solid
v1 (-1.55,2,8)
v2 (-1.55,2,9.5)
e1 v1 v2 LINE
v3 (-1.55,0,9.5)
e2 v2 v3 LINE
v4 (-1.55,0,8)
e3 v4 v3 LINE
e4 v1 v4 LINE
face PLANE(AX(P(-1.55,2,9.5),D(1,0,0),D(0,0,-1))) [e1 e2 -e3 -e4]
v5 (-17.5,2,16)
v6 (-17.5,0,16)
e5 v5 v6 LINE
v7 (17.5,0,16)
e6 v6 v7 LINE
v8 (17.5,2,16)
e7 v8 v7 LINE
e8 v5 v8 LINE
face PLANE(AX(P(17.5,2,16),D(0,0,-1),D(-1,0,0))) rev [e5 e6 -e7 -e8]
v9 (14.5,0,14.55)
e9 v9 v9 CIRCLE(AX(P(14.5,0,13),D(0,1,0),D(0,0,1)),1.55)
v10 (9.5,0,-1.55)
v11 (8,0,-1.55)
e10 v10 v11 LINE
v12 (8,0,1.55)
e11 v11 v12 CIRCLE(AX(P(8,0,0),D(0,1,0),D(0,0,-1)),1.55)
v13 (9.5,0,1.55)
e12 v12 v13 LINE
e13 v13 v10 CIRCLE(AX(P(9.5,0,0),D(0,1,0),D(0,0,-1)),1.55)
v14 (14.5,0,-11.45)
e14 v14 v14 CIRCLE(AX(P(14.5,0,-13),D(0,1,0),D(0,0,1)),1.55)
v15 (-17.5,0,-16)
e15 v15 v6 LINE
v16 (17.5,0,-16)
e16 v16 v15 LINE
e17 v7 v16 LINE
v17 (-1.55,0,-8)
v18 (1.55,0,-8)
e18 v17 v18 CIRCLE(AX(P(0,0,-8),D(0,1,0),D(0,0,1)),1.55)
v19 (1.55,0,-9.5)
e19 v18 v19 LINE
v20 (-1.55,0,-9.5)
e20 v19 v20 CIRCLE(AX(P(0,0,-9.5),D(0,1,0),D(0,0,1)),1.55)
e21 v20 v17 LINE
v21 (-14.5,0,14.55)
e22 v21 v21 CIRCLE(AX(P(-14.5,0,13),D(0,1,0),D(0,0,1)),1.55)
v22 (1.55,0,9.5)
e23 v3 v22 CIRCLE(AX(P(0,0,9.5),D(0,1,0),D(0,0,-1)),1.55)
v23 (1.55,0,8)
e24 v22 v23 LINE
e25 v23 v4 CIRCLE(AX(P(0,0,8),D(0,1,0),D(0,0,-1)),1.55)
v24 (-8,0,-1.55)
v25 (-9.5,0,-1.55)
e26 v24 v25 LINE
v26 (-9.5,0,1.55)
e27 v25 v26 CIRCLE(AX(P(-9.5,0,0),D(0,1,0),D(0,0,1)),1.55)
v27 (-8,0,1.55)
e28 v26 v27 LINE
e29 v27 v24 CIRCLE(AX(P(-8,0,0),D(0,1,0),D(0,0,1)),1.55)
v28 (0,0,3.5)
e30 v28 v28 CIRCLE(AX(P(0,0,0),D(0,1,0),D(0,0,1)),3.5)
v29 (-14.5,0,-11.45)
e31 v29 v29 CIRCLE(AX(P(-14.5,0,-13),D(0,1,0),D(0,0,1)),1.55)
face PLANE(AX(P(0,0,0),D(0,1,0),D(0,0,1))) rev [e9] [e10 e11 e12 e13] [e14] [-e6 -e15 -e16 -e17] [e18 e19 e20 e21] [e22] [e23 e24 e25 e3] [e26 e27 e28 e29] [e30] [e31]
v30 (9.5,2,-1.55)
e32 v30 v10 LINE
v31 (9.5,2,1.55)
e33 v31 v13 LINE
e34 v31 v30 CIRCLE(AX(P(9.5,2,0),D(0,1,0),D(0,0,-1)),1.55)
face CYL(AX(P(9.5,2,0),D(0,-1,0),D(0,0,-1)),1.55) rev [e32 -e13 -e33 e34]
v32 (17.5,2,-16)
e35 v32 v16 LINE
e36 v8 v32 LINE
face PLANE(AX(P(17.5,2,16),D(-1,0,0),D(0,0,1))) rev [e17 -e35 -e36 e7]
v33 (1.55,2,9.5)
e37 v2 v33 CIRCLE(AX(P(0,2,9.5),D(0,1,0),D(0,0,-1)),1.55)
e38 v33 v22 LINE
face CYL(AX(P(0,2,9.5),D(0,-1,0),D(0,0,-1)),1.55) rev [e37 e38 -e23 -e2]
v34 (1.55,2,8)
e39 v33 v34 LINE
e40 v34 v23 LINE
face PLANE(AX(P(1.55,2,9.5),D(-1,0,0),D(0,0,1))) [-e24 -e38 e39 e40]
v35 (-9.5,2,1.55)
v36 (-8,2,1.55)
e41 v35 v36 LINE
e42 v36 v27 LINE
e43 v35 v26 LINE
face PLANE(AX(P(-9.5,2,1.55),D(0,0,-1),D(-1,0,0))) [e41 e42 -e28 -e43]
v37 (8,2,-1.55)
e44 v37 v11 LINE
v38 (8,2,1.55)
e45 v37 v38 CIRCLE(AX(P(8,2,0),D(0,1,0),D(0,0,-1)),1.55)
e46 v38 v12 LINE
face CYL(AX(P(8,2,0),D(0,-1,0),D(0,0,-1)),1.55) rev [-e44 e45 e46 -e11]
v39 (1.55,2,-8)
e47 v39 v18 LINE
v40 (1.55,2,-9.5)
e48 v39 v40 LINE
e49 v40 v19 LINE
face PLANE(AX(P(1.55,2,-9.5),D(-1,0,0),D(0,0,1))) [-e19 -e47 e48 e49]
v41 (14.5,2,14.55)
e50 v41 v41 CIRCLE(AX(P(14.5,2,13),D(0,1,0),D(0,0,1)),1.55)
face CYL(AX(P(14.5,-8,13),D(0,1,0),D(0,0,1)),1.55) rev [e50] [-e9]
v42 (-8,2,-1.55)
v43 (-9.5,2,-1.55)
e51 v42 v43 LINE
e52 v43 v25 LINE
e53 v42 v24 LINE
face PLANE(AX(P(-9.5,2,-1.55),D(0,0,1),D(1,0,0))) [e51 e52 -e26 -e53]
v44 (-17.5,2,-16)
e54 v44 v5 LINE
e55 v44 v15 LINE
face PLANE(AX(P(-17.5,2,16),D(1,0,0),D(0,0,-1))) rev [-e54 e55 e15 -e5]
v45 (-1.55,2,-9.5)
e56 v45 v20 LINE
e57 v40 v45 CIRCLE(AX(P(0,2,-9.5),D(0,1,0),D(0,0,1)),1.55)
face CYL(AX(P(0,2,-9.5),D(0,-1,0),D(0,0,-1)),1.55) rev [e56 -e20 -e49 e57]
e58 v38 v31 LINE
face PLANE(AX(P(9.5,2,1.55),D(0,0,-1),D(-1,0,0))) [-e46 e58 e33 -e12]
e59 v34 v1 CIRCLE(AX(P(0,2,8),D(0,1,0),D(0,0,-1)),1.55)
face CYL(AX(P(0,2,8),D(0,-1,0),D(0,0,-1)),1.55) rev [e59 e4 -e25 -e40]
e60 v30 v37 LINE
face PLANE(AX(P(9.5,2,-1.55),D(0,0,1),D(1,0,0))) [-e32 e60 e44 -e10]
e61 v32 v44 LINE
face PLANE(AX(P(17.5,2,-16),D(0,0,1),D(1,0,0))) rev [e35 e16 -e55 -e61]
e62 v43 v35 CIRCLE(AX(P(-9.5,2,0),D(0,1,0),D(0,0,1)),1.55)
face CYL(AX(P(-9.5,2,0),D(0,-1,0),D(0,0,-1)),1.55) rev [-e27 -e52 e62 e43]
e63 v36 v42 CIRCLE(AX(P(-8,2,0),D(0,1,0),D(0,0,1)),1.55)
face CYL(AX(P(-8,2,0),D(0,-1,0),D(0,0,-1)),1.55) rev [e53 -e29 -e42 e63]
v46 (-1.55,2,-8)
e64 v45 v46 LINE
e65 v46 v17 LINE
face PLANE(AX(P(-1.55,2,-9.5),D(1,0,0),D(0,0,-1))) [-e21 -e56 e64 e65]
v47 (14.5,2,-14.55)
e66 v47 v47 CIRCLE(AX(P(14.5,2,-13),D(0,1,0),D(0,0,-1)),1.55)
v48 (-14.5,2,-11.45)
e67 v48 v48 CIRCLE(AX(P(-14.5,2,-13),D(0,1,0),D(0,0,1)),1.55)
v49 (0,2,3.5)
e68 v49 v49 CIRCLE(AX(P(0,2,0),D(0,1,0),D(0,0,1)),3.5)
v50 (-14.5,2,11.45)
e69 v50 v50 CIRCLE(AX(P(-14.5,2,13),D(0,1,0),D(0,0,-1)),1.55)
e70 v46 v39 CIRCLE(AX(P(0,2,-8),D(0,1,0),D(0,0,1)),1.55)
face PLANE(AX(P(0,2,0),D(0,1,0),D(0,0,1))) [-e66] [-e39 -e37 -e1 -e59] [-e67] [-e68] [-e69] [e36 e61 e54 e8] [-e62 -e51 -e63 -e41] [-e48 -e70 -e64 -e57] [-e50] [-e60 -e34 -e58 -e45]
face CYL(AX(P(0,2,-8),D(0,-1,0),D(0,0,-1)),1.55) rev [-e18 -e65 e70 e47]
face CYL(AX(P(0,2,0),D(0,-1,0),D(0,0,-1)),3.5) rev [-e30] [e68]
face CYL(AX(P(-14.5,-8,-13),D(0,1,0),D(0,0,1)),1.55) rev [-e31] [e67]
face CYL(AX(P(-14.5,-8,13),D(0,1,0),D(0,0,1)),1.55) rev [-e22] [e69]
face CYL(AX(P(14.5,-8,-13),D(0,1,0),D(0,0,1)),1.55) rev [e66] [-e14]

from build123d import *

# Parameters (mm, degrees)
SKETCH_1_W          = 35
SKETCH_1_H          = 32
SKETCH_1_R          = 3.5
EXTRUDE_1_DEPTH     = 2
SKETCH_2_R          = 1.55
CUT_EXTRUDE_1_DEPTH = 10


with BuildPart() as part:
    # 草图1 → 凸台-拉伸1 (new body)
    with BuildSketch(Plane(origin=(0, 0, 0), x_dir=(1, 0, 0), z_dir=(0, 1, 0))):
        Rectangle(SKETCH_1_W, SKETCH_1_H)
        with Locations(Location((0, 0, 0), (0, 0, 270))):
            Circle(SKETCH_1_R, mode=Mode.SUBTRACT)
        with BuildLine():
            Line((-1.55, 9.5), (-1.55, 8))
            ThreePointArc((-1.55, 8), (0, 6.45), (1.55, 8))
            Line((1.55, 8), (1.55, 9.5))
            ThreePointArc((1.55, 9.5), (0, 11.05), (-1.55, 9.5))
        make_face(mode=Mode.SUBTRACT)
        with BuildLine():
            Line((1.55, -9.5), (1.55, -8))
            ThreePointArc((1.55, -8), (0, -6.45), (-1.55, -8))
            Line((-1.55, -8), (-1.55, -9.5))
            ThreePointArc((-1.55, -9.5), (0, -11.05), (1.55, -9.5))
        make_face(mode=Mode.SUBTRACT)
        with BuildLine():
            Line((-9.5, -1.55), (-8, -1.55))
            ThreePointArc((-8, -1.55), (-6.45, 0), (-8, 1.55))
            Line((-8, 1.55), (-9.5, 1.55))
            ThreePointArc((-9.5, 1.55), (-11.05, 0), (-9.5, -1.55))
        make_face(mode=Mode.SUBTRACT)
        with BuildLine():
            Line((9.5, 1.55), (8, 1.55))
            ThreePointArc((8, 1.55), (6.45, 0), (8, -1.55))
            Line((8, -1.55), (9.5, -1.55))
            ThreePointArc((9.5, -1.55), (11.05, 0), (9.5, 1.55))
        make_face(mode=Mode.SUBTRACT)
    extrude(amount=EXTRUDE_1_DEPTH)

    # 草图2 → 切除-拉伸1 (cut)
    with BuildSketch(Plane(origin=(0, 2, 0), x_dir=(1, 0, 0), z_dir=(0, 1, 0))):
        with Locations(Location((-14.5, 13, 0), (0, 0, 270))):
            Circle(SKETCH_2_R)
        with Locations(Location((-14.5, -13, 0), (0, 0, 270))):
            Circle(SKETCH_2_R)
        with Locations(Location((14.5, -13, 0), (0, 0, 270))):
            Circle(SKETCH_2_R)
        with Locations(Location((14.5, 13, 0), (0, 0, 270))):
            Circle(SKETCH_2_R)
    extrude(amount=-CUT_EXTRUDE_1_DEPTH, mode=Mode.SUBTRACT)


solid = part.part
